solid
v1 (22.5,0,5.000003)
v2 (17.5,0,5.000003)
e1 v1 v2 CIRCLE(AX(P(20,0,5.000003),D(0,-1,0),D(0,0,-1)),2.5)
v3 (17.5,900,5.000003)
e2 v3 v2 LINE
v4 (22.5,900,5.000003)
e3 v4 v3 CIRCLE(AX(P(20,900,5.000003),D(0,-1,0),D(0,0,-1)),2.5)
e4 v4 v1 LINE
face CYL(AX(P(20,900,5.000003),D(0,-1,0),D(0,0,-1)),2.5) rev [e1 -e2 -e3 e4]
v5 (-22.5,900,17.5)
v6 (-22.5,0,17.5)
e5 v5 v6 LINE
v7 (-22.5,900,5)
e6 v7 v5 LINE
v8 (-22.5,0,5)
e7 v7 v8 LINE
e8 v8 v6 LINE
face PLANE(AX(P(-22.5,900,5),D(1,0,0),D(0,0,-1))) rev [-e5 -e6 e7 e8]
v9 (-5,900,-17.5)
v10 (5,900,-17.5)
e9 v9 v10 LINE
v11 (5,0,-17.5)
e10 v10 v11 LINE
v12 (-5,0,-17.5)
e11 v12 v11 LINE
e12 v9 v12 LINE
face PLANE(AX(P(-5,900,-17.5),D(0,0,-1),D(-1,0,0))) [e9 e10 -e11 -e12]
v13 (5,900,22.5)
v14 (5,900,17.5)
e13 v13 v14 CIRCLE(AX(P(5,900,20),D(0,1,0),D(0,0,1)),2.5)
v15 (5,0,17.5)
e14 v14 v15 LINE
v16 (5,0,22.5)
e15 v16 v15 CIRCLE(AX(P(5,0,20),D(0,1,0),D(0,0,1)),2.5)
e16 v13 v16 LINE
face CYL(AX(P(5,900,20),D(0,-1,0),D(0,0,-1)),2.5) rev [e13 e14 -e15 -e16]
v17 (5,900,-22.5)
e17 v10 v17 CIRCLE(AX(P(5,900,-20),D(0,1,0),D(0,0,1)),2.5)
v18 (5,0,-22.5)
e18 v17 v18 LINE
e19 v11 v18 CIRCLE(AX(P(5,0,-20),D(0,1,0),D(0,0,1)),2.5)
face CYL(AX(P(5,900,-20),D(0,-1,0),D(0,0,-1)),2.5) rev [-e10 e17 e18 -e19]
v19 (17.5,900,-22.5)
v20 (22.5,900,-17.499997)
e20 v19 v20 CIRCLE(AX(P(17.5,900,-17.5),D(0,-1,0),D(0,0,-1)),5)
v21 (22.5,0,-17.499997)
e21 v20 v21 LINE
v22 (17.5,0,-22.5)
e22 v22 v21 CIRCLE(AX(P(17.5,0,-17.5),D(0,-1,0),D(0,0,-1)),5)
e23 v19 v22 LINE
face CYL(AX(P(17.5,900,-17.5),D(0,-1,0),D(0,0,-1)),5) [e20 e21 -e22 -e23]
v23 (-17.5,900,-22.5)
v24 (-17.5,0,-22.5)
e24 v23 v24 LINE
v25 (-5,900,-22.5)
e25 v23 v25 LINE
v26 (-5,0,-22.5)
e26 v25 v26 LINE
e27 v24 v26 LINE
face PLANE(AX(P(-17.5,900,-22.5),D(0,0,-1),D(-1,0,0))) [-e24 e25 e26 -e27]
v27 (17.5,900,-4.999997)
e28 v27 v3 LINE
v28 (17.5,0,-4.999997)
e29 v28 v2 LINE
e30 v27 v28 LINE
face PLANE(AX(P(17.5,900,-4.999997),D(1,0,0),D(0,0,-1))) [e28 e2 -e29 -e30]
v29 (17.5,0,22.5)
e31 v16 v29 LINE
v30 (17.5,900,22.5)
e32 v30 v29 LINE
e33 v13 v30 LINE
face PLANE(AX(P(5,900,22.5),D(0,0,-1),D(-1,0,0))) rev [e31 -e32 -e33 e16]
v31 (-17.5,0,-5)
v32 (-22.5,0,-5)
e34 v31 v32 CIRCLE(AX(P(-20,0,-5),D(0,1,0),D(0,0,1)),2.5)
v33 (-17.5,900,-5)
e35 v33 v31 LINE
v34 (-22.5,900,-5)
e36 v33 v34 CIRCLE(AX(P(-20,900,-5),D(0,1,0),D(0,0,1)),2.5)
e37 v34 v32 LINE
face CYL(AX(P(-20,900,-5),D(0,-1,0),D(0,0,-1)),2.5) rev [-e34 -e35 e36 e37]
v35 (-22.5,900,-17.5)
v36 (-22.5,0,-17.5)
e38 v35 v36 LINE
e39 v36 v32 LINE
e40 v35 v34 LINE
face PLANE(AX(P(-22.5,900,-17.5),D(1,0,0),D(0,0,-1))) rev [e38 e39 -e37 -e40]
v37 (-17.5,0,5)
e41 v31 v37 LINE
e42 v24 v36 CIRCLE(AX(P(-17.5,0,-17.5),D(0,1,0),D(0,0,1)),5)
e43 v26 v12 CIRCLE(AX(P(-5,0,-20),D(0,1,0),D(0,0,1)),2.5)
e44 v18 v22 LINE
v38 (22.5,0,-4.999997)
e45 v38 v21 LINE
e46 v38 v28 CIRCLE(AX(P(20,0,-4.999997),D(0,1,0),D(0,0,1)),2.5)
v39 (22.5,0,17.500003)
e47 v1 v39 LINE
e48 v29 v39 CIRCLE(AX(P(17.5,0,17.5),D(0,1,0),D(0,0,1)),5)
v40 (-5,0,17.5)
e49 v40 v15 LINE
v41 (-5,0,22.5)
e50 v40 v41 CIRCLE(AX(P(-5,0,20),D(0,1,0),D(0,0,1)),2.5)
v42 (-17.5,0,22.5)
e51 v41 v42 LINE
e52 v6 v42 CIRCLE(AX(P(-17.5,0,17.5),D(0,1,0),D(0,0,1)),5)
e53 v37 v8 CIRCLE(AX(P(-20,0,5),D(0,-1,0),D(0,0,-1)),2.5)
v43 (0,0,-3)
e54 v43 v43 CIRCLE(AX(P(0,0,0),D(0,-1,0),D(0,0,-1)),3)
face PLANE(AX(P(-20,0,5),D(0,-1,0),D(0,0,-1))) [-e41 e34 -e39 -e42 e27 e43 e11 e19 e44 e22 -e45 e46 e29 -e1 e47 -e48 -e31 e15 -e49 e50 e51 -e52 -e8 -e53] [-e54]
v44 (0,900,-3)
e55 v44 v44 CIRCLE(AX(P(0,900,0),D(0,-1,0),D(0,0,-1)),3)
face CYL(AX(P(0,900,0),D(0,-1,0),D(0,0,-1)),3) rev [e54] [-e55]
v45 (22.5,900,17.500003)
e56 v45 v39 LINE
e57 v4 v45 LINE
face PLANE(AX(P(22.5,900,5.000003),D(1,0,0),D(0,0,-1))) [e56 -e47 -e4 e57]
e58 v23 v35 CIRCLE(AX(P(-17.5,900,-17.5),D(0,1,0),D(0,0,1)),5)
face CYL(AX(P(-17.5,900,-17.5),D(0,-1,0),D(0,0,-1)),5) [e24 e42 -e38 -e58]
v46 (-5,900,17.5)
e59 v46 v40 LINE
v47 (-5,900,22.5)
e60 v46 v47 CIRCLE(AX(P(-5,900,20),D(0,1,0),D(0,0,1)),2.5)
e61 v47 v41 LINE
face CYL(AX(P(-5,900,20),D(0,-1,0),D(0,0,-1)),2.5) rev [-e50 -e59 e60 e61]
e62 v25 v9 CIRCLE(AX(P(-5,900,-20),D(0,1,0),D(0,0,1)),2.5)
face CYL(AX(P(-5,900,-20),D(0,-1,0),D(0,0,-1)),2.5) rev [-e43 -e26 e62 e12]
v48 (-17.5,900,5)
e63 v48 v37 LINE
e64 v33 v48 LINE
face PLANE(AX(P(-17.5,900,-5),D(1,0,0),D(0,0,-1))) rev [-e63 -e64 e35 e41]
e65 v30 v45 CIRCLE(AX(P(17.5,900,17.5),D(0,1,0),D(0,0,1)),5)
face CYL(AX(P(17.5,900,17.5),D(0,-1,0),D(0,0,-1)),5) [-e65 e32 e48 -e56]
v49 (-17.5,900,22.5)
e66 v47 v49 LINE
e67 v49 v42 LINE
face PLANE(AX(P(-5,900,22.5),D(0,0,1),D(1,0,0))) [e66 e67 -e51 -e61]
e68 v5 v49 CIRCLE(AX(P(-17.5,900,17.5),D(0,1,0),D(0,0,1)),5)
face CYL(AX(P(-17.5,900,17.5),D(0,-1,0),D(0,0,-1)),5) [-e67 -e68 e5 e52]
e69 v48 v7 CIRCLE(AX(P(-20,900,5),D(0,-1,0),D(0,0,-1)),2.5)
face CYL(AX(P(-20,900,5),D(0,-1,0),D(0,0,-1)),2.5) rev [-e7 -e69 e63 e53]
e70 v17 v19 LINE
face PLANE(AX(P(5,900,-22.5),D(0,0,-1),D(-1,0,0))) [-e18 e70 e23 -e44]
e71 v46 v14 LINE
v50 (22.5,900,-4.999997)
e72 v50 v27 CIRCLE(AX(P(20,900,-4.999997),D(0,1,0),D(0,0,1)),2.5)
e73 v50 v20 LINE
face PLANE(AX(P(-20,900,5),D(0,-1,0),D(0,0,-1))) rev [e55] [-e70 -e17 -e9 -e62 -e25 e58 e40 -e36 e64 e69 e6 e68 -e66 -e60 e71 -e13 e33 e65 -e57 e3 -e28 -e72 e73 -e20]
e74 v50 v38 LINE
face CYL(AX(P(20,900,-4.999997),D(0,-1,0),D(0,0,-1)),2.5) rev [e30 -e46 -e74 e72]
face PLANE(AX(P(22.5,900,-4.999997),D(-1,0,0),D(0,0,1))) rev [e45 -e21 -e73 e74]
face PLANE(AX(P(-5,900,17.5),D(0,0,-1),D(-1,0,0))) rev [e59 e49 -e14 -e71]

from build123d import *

# Parameters (mm, degrees)
BOSS_EXTRU_2_DEPTH      = 900
ESQUISSE5_R             = 3
ENL_V_MAT_EXTRU_1_DEPTH = 901.562324329


with BuildPart() as part:
    # Esquisse4 → Boss.-Extru.2 (new body)
    with BuildSketch(Plane(origin=(0, 0, 0), x_dir=(1, 0, 0), z_dir=(0, 1, 0))):
        with BuildLine():
            Line((-17.5, 22.5), (-5, 22.5))
            ThreePointArc((-5, 22.5), (-7.5, 20), (-5, 17.5))
            Line((-5, 17.5), (5, 17.5))
            ThreePointArc((5, 17.5), (7.5, 20), (5, 22.5))
            Line((5, 22.5), (17.5, 22.5))
            ThreePointArc((17.5, 22.5), (21.035534799, 21.035533013), (22.5, 17.499997475))
            Line((22.5, 17.499997475), (22.5, 4.999997475))
            ThreePointArc((22.5, 4.999997475), (20, 7.499997475), (17.5, 4.999997475))
            Line((17.5, 4.999997475), (17.5, -5.000002525))
            ThreePointArc((17.5, -5.000002525), (20, -7.500002525), (22.5, -5.000002525))
            Line((22.5, -5.000002525), (22.5, -17.500002525))
            ThreePointArc((22.5, -17.500002525), (21.035533013, -21.035534799), (17.5, -22.5))
            Line((17.5, -22.5), (5, -22.5))
            ThreePointArc((5, -22.5), (7.5, -20), (5, -17.5))
            Line((5, -17.5), (-5, -17.5))
            ThreePointArc((-5, -17.5), (-7.5, -20), (-5, -22.5))
            Line((-5, -22.5), (-17.5, -22.5))
            ThreePointArc((-17.5, -22.5), (-21.035533906, -21.035533906), (-22.5, -17.5))
            Line((-22.5, -17.5), (-22.5, -5))
            ThreePointArc((-22.5, -5), (-20, -7.5), (-17.5, -5))
            Line((-17.5, -5), (-17.5, 5))
            ThreePointArc((-17.5, 5), (-20, 7.5), (-22.5, 5))
            Line((-22.5, 5), (-22.5, 17.5))
            ThreePointArc((-22.5, 17.5), (-21.035533906, 21.035533906), (-17.5, 22.5))
        make_face()
    extrude(amount=BOSS_EXTRU_2_DEPTH)

    # Esquisse5 → Enlèv. mat.-Extru.1 (cut, through all)
    with BuildSketch(Plane.XZ):
        with Locations(Location((0, 0, 0), (0, 0, 270))):
            Circle(ESQUISSE5_R)
    extrude(amount=-ENL_V_MAT_EXTRU_1_DEPTH, mode=Mode.SUBTRACT)


solid = part.part
